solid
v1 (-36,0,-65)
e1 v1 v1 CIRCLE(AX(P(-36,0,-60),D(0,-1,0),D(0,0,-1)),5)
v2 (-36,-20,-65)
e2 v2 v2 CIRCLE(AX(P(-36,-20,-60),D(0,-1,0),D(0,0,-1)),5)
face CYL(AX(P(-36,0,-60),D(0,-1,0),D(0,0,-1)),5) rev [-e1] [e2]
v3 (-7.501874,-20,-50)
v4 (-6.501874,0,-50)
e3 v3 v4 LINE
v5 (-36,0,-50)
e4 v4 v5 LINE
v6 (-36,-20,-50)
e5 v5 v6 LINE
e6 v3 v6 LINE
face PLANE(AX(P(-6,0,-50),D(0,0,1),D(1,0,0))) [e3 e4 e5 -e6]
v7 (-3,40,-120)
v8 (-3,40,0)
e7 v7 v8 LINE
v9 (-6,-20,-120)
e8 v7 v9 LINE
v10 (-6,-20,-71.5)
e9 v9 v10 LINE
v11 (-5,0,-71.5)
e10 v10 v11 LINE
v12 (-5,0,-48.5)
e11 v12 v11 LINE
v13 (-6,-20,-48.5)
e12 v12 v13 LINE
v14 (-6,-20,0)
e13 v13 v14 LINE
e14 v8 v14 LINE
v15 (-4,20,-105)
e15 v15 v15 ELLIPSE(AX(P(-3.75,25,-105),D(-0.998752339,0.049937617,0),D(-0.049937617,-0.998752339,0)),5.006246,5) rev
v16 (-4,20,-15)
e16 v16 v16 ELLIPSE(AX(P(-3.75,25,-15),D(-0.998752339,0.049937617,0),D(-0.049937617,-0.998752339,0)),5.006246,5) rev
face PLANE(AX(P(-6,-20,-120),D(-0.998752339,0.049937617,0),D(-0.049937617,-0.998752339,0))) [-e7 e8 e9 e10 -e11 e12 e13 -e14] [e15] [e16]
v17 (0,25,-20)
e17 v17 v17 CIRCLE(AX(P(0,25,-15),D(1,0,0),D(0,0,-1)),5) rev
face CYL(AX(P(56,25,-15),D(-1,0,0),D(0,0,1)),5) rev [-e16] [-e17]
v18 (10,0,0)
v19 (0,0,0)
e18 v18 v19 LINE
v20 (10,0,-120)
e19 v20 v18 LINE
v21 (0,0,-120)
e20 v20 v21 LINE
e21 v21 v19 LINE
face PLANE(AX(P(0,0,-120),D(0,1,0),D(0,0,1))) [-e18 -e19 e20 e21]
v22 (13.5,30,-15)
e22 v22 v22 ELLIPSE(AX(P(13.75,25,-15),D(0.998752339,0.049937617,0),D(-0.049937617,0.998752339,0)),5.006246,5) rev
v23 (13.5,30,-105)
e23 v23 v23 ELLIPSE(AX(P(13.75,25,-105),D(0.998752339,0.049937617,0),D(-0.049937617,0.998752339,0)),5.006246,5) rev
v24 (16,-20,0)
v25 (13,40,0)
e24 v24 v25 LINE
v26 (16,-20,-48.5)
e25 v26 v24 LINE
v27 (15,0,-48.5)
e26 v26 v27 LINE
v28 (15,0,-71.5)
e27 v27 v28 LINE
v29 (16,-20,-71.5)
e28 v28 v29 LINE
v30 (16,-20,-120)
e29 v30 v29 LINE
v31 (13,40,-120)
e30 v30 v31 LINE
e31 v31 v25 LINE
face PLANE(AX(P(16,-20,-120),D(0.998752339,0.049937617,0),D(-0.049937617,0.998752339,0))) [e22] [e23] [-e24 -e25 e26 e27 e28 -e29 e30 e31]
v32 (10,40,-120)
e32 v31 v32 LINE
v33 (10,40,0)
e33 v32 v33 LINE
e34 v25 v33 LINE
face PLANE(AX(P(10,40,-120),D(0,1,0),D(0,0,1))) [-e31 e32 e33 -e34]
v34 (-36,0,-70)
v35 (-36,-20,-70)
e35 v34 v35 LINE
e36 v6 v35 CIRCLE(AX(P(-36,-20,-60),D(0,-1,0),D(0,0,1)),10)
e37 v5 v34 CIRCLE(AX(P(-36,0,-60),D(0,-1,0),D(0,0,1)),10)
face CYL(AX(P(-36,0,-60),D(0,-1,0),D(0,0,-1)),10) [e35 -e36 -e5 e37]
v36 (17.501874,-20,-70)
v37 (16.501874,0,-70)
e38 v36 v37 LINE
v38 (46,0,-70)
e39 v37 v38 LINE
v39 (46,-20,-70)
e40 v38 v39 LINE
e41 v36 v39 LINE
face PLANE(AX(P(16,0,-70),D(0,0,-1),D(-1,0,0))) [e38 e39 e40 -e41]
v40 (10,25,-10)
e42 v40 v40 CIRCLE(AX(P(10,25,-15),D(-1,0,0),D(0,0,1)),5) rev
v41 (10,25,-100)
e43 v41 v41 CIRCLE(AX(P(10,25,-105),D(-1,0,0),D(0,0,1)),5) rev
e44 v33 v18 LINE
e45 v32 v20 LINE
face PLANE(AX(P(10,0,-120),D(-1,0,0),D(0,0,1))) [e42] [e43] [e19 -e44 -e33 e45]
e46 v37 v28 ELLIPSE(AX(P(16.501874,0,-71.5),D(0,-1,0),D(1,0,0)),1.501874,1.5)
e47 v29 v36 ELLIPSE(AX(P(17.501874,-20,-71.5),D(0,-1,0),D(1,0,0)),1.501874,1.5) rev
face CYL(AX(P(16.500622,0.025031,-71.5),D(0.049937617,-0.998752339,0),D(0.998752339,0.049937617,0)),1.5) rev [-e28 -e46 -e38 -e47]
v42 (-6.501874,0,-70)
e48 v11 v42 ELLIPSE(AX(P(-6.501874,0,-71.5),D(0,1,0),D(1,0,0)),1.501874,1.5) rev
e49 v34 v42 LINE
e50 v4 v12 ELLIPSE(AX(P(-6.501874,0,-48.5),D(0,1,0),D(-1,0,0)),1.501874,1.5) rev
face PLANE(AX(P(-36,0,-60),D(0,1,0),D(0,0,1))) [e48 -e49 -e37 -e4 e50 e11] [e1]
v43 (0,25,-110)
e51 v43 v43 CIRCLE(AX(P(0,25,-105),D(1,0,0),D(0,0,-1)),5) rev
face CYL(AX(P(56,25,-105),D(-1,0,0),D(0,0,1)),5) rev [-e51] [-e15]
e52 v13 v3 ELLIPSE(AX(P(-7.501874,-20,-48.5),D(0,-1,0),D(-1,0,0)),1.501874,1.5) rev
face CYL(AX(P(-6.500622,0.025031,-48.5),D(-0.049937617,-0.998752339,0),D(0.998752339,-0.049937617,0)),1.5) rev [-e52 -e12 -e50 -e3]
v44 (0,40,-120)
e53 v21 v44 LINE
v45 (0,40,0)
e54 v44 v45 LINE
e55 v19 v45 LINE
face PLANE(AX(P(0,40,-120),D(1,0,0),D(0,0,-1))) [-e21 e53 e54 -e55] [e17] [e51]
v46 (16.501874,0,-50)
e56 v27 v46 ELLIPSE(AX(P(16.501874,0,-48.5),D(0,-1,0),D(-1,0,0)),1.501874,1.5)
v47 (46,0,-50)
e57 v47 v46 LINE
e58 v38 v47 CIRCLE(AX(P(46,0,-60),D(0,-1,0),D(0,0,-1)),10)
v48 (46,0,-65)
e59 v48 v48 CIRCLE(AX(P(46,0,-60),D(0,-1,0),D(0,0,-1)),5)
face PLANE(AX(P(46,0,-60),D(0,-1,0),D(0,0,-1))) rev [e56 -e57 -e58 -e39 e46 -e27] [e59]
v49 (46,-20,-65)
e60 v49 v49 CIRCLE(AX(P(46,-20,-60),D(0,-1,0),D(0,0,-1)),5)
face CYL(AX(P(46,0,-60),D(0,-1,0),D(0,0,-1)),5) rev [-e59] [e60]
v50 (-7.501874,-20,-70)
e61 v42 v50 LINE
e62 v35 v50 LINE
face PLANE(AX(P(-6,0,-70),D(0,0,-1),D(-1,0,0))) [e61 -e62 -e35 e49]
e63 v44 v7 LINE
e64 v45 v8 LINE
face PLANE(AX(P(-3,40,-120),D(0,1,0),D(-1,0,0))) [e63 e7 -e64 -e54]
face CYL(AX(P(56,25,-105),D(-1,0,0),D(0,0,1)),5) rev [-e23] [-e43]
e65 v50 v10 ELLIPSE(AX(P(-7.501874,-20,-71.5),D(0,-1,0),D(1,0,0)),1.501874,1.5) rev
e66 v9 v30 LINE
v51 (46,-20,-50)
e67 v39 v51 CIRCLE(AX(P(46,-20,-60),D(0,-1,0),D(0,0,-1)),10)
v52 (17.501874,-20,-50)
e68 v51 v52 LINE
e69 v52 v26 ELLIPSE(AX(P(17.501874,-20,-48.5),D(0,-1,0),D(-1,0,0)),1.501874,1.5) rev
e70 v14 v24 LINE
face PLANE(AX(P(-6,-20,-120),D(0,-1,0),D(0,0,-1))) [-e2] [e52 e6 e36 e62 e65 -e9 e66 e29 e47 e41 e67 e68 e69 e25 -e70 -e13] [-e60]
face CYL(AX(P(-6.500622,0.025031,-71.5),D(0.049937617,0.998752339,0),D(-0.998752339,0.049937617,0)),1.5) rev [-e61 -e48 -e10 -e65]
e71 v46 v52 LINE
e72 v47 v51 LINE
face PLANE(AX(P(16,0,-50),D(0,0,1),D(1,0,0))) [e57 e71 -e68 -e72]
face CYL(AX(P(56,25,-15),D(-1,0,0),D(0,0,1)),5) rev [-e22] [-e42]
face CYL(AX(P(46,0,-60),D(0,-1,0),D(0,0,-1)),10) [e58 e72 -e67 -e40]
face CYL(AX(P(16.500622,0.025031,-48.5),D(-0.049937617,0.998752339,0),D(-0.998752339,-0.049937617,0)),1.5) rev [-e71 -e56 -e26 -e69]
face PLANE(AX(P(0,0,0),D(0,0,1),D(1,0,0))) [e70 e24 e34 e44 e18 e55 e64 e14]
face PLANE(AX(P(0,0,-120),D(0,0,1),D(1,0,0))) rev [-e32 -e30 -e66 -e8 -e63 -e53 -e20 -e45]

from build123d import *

# Parameters (mm, degrees)
BOSS_EXTRUDE1_DEPTH     = 120
SKETCH5_R               = 5
BOSS_EXTRUDE2_DEPTH     = 20
FILLET1_R               = 1.5
SKETCH7_R               = 5
CUT_EXTRUDE1_DEPTH      = 57
CUT_EXTRUDE1_DEPTH_BACK = 47


with BuildPart() as part:
    # Sketch2 → Boss-Extrude1 (new body)
    with BuildSketch(Plane.XY):
        Polygon((0, 0), (10, 0), (10, 40), (13, 40), (16, -20), (-6, -20), (-3, 40), (0, 40), align=None)
    extrude(amount=-BOSS_EXTRUDE1_DEPTH)

    # Sketch5 → Boss-Extrude2 (add)
    with BuildSketch(Plane.XZ.offset(20)):
        with BuildLine():
            Line((16, -50), (46, -50))
            ThreePointArc((46, -50), (56, -60), (46, -70))
            Line((46, -70), (16, -70))
            Line((16, -70), (13, -70))
            Line((13, -70), (13, -50))
            Line((13, -50), (16, -50))
        make_face()
        with Locations((46, -60)):
            Circle(SKETCH5_R, mode=Mode.SUBTRACT)
        with BuildLine():
            Line((-6, -50), (-36, -50))
            ThreePointArc((-36, -50), (-46, -60), (-36, -70))
            Line((-36, -70), (-6, -70))
            Line((-6, -70), (-3, -70))
            Line((-3, -70), (-3, -50))
            Line((-3, -50), (-6, -50))
        make_face()
        with Locations((-36, -60)):
            Circle(SKETCH5_R, mode=Mode.SUBTRACT)
    extrude(amount=-BOSS_EXTRUDE2_DEPTH)

    # Fillet1
    fillet1_edges = [part.edges().sort_by_distance(p)[0] for p in [
        (15.5, -10, -50),
        (15.5, -10, -70),
        (-5.5, -10, -50),
        (-5.5, -10, -70),
    ]]
    fillet(fillet1_edges, radius=FILLET1_R)

    # Sketch7 → Cut-Extrude1 (cut, two sides)
    with BuildSketch(Plane(origin=(0, 0, 0), x_dir=(0, 0, -1), z_dir=(1, 0, 0))) as cut_extrude1_sk:
        with Locations((15, 25)):
            Circle(SKETCH7_R)
        with Locations((105, 25)):
            Circle(SKETCH7_R)
    extrude(amount=CUT_EXTRUDE1_DEPTH, mode=Mode.SUBTRACT)
    extrude(cut_extrude1_sk.sketch, amount=-CUT_EXTRUDE1_DEPTH_BACK, mode=Mode.SUBTRACT)


solid = part.part
